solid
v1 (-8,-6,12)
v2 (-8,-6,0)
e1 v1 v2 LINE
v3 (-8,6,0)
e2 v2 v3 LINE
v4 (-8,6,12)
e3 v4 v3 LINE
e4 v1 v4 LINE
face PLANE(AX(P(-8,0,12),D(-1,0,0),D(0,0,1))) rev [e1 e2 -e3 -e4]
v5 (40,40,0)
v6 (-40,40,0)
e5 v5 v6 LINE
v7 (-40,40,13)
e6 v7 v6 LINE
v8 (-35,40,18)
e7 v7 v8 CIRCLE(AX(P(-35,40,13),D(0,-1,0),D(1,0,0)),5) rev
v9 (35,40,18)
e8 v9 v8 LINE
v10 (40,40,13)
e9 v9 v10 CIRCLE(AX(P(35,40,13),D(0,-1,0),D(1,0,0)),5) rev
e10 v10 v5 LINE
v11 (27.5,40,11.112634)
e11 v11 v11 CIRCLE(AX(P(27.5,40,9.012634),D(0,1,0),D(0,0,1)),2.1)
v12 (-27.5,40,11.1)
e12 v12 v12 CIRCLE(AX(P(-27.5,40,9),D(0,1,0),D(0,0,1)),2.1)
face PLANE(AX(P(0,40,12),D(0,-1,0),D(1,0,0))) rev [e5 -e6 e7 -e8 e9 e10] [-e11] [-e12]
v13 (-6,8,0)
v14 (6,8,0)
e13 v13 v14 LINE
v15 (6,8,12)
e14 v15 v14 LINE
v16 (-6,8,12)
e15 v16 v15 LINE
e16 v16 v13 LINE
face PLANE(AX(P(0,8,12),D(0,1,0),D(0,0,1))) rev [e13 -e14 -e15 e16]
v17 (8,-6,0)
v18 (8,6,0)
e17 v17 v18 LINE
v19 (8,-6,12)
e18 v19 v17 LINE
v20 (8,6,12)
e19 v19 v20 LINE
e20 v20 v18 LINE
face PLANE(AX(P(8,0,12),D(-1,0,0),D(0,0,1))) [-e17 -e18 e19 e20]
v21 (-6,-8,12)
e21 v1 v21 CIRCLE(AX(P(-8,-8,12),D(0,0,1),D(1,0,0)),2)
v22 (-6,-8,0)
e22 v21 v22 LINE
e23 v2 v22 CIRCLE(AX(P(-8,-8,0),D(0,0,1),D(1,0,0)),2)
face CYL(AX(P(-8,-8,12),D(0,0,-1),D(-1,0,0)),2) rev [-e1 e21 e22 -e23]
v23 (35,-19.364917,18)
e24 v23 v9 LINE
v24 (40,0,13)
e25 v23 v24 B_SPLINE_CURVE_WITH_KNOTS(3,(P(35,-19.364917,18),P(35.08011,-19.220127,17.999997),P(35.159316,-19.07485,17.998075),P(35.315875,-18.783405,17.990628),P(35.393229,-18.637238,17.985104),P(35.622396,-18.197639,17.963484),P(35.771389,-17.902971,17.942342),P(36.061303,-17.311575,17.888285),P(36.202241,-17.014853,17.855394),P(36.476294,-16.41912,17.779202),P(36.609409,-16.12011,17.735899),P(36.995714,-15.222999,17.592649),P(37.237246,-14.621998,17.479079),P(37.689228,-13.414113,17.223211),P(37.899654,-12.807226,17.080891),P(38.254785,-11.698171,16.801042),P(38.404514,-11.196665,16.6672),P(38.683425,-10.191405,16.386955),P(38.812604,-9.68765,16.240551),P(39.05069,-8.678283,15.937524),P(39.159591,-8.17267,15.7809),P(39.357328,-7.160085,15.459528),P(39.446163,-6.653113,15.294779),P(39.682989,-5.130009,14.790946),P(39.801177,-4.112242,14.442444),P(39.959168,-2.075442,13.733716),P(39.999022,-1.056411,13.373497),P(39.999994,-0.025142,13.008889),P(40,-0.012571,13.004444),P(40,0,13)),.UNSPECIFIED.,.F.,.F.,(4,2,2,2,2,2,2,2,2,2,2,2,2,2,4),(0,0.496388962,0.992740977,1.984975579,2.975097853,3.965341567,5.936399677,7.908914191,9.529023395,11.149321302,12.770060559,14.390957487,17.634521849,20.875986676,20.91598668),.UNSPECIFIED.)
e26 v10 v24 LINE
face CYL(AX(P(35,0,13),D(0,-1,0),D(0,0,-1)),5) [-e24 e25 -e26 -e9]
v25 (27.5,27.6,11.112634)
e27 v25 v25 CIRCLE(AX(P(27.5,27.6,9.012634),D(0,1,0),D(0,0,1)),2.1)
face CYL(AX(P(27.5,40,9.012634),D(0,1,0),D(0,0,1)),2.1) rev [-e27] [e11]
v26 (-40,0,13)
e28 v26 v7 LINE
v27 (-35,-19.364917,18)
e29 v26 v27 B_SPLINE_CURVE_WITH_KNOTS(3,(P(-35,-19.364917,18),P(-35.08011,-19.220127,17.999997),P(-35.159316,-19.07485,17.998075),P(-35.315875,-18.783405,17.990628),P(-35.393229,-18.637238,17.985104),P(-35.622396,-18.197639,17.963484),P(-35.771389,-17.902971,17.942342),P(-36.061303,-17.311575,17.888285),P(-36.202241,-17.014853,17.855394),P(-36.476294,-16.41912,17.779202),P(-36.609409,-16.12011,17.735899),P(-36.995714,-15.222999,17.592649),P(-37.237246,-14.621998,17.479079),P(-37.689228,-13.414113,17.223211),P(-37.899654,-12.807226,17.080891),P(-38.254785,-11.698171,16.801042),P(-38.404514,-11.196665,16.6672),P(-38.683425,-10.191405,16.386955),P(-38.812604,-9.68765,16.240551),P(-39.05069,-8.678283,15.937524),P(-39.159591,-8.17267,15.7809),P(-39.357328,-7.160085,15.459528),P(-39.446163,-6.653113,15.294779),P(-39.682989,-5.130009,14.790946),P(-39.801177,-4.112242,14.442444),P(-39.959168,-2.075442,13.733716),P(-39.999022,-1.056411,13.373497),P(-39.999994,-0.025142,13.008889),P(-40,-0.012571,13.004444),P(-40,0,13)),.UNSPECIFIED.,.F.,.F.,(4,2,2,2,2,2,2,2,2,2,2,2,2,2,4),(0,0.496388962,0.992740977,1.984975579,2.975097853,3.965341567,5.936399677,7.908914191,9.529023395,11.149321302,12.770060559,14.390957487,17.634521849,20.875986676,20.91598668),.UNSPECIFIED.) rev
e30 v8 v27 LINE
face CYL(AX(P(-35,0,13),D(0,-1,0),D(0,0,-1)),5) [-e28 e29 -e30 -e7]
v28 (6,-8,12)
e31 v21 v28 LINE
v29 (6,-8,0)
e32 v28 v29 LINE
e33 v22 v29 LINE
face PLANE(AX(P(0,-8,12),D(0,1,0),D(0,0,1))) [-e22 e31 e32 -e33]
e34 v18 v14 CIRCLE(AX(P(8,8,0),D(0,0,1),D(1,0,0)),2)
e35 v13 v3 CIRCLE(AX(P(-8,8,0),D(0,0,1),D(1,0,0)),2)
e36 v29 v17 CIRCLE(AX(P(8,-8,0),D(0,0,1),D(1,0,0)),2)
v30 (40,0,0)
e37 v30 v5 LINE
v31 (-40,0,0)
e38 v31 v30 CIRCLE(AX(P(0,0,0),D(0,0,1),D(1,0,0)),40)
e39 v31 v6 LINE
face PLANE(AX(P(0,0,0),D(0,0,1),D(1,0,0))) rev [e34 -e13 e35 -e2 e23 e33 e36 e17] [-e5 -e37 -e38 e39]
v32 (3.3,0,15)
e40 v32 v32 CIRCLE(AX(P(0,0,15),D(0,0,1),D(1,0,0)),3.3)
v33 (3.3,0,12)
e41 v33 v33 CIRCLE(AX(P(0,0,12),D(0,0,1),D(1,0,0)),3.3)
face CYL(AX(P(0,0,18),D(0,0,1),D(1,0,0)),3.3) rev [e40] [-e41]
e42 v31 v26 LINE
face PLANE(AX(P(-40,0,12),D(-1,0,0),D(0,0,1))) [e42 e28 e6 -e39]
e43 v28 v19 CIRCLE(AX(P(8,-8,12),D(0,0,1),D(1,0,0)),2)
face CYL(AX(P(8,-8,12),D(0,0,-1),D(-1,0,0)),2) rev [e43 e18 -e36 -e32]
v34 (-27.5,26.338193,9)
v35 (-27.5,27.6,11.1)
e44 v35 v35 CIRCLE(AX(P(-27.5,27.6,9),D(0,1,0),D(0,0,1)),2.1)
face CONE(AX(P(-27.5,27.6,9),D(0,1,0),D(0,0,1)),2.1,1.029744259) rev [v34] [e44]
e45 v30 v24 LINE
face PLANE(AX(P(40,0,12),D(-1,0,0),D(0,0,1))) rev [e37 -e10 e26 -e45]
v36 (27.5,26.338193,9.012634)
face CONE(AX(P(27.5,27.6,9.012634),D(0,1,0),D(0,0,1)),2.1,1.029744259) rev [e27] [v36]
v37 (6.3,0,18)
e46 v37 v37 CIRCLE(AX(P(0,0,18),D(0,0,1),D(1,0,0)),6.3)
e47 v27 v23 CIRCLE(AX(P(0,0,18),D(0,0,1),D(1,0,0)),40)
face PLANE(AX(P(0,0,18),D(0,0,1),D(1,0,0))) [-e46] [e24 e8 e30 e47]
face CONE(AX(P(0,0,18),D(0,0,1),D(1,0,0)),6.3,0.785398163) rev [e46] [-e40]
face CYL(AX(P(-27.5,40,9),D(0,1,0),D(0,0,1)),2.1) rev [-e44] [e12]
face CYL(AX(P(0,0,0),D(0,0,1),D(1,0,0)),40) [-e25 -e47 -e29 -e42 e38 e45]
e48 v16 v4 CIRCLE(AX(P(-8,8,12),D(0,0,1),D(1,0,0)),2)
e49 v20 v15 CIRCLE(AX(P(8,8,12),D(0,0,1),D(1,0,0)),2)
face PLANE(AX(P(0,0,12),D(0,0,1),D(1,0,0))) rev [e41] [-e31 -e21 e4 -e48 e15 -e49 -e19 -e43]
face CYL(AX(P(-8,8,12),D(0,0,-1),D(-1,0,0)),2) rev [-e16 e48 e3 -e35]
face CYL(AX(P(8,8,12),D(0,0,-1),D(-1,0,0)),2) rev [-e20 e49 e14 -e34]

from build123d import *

# Parameters (mm, degrees)
SKETCH1_W                                           = 80
SKETCH1_H                                           = 80
BOSS_EXTRUDE1_DEPTH                                 = 12
SKETCH2_W                                           = 80
SKETCH2_H                                           = 80
SKETCH2_R                                           = 1.5
BOSS_EXTRUDE2_DEPTH                                 = 6
CSK_FOR_M6_COUNTERSUNK_FLAT_HEAD_SCREW1_D           = 6.6
CSK_FOR_M6_COUNTERSUNK_FLAT_HEAD_SCREW1_DEPTH       = 10
CSK_FOR_M6_COUNTERSUNK_FLAT_HEAD_SCREW1_CSINK_D     = 12.6
CSK_FOR_M6_COUNTERSUNK_FLAT_HEAD_SCREW1_CSINK_ANGLE = 90
CSK_FOR_M6_COUNTERSUNK_FLAT_HEAD_SCREW1_TIP         = 1.982840043
FILLET1_R                                           = 5
M5_TAPPED_HOLE1_D                                   = 4.2
M5_TAPPED_HOLE1_DEPTH                               = 12.4
M5_TAPPED_HOLE1_TIP                                 = 1.2618073
CUT_EXTRUDE1_DEPTH                                  = 60.363288319


with BuildPart() as part:
    # Sketch1 → Boss-Extrude1 (new body)
    with BuildSketch(Plane.XY):
        Rectangle(SKETCH1_W, SKETCH1_H)
        with BuildLine():
            Line((6, -8), (-6, -8))
            ThreePointArc((-6, -8), (-9.414213562, -9.414213562), (-8, -6))
            Line((-8, -6), (-8, 6))
            ThreePointArc((-8, 6), (-9.414213562, 9.414213562), (-6, 8))
            Line((-6, 8), (6, 8))
            ThreePointArc((6, 8), (8, 10), (10, 8))
            ThreePointArc((10, 8), (9.414213562, 6.585786438), (8, 6))
            Line((8, 6), (8, -6))
            ThreePointArc((8, -6), (9.414213562, -6.585786438), (10, -8))
            ThreePointArc((10, -8), (8, -10), (6, -8))
        make_face(mode=Mode.SUBTRACT)
    extrude(amount=BOSS_EXTRUDE1_DEPTH)

    # Sketch2 → Boss-Extrude2 (add)
    with BuildSketch(Plane.XY.offset(12)):
        Rectangle(SKETCH2_W, SKETCH2_H)
        Circle(SKETCH2_R, mode=Mode.SUBTRACT)
    extrude(amount=BOSS_EXTRUDE2_DEPTH)

    # CSK for M6 Countersunk Flat Head Screw1
    with Locations(Plane.XY.offset(18)):
        with Locations((0, 0)):
            CounterSinkHole(CSK_FOR_M6_COUNTERSUNK_FLAT_HEAD_SCREW1_D / 2, CSK_FOR_M6_COUNTERSUNK_FLAT_HEAD_SCREW1_CSINK_D / 2, depth=CSK_FOR_M6_COUNTERSUNK_FLAT_HEAD_SCREW1_DEPTH, counter_sink_angle=CSK_FOR_M6_COUNTERSUNK_FLAT_HEAD_SCREW1_CSINK_ANGLE)
            with Locations((0, 0, -(CSK_FOR_M6_COUNTERSUNK_FLAT_HEAD_SCREW1_DEPTH + CSK_FOR_M6_COUNTERSUNK_FLAT_HEAD_SCREW1_TIP / 2))):  # 118° drill point
                Cone(0, CSK_FOR_M6_COUNTERSUNK_FLAT_HEAD_SCREW1_D / 2, CSK_FOR_M6_COUNTERSUNK_FLAT_HEAD_SCREW1_TIP, mode=Mode.SUBTRACT)

    # Fillet1
    fillet1_edges = [part.edges().sort_by_distance(p)[0] for p in [
        (-40, 0, 18),
        (40, 0, 18),
    ]]
    fillet(fillet1_edges, radius=FILLET1_R)

    # M5 Tapped Hole1
    with Locations(Plane(origin=(0, 40, 0), x_dir=(1, 0, 0), z_dir=(0, 1, 0))):
        with Locations((-27.5, -9), (27.5, -9.012634245)):
            Hole(M5_TAPPED_HOLE1_D / 2, depth=M5_TAPPED_HOLE1_DEPTH)
            with Locations((0, 0, -(M5_TAPPED_HOLE1_DEPTH + M5_TAPPED_HOLE1_TIP / 2))):  # 118° drill point
                Cone(0, M5_TAPPED_HOLE1_D / 2, M5_TAPPED_HOLE1_TIP, mode=Mode.SUBTRACT)

    # Sketch7 → Cut-Extrude1 (cut, through all)
    with BuildSketch(Plane.XY.offset(18)):
        with BuildLine():
            ThreePointArc((0, -40), (-20.315060063, -34.457195687), (-35, -19.364916731))
            Line((-35, -19.364916731), (-35, -40))
            Line((-35, -40), (0, -40))
        make_face()
        with BuildLine():
            ThreePointArc((-35, -19.364916731), (-38.729833462, -10), (-40, 0))
            Line((-40, 0), (-40, -40))
            Line((-40, -40), (-35, -40))
            Line((-35, -40), (-35, -19.364916731))
        make_face()
        with BuildLine():
            ThreePointArc((35, -19.364916731), (20.315060063, -34.457195687), (0, -40))
            Line((0, -40), (35, -40))
            Line((35, -40), (35, -19.364916731))
        make_face()
        with BuildLine():
            Line((35, -19.364916731), (35, -40))
            Line((35, -40), (40, -40))
            Line((40, -40), (40, 0))
            ThreePointArc((40, 0), (38.729833462, -10), (35, -19.364916731))
        make_face()
    extrude(amount=-CUT_EXTRUDE1_DEPTH, mode=Mode.SUBTRACT)


solid = part.part
